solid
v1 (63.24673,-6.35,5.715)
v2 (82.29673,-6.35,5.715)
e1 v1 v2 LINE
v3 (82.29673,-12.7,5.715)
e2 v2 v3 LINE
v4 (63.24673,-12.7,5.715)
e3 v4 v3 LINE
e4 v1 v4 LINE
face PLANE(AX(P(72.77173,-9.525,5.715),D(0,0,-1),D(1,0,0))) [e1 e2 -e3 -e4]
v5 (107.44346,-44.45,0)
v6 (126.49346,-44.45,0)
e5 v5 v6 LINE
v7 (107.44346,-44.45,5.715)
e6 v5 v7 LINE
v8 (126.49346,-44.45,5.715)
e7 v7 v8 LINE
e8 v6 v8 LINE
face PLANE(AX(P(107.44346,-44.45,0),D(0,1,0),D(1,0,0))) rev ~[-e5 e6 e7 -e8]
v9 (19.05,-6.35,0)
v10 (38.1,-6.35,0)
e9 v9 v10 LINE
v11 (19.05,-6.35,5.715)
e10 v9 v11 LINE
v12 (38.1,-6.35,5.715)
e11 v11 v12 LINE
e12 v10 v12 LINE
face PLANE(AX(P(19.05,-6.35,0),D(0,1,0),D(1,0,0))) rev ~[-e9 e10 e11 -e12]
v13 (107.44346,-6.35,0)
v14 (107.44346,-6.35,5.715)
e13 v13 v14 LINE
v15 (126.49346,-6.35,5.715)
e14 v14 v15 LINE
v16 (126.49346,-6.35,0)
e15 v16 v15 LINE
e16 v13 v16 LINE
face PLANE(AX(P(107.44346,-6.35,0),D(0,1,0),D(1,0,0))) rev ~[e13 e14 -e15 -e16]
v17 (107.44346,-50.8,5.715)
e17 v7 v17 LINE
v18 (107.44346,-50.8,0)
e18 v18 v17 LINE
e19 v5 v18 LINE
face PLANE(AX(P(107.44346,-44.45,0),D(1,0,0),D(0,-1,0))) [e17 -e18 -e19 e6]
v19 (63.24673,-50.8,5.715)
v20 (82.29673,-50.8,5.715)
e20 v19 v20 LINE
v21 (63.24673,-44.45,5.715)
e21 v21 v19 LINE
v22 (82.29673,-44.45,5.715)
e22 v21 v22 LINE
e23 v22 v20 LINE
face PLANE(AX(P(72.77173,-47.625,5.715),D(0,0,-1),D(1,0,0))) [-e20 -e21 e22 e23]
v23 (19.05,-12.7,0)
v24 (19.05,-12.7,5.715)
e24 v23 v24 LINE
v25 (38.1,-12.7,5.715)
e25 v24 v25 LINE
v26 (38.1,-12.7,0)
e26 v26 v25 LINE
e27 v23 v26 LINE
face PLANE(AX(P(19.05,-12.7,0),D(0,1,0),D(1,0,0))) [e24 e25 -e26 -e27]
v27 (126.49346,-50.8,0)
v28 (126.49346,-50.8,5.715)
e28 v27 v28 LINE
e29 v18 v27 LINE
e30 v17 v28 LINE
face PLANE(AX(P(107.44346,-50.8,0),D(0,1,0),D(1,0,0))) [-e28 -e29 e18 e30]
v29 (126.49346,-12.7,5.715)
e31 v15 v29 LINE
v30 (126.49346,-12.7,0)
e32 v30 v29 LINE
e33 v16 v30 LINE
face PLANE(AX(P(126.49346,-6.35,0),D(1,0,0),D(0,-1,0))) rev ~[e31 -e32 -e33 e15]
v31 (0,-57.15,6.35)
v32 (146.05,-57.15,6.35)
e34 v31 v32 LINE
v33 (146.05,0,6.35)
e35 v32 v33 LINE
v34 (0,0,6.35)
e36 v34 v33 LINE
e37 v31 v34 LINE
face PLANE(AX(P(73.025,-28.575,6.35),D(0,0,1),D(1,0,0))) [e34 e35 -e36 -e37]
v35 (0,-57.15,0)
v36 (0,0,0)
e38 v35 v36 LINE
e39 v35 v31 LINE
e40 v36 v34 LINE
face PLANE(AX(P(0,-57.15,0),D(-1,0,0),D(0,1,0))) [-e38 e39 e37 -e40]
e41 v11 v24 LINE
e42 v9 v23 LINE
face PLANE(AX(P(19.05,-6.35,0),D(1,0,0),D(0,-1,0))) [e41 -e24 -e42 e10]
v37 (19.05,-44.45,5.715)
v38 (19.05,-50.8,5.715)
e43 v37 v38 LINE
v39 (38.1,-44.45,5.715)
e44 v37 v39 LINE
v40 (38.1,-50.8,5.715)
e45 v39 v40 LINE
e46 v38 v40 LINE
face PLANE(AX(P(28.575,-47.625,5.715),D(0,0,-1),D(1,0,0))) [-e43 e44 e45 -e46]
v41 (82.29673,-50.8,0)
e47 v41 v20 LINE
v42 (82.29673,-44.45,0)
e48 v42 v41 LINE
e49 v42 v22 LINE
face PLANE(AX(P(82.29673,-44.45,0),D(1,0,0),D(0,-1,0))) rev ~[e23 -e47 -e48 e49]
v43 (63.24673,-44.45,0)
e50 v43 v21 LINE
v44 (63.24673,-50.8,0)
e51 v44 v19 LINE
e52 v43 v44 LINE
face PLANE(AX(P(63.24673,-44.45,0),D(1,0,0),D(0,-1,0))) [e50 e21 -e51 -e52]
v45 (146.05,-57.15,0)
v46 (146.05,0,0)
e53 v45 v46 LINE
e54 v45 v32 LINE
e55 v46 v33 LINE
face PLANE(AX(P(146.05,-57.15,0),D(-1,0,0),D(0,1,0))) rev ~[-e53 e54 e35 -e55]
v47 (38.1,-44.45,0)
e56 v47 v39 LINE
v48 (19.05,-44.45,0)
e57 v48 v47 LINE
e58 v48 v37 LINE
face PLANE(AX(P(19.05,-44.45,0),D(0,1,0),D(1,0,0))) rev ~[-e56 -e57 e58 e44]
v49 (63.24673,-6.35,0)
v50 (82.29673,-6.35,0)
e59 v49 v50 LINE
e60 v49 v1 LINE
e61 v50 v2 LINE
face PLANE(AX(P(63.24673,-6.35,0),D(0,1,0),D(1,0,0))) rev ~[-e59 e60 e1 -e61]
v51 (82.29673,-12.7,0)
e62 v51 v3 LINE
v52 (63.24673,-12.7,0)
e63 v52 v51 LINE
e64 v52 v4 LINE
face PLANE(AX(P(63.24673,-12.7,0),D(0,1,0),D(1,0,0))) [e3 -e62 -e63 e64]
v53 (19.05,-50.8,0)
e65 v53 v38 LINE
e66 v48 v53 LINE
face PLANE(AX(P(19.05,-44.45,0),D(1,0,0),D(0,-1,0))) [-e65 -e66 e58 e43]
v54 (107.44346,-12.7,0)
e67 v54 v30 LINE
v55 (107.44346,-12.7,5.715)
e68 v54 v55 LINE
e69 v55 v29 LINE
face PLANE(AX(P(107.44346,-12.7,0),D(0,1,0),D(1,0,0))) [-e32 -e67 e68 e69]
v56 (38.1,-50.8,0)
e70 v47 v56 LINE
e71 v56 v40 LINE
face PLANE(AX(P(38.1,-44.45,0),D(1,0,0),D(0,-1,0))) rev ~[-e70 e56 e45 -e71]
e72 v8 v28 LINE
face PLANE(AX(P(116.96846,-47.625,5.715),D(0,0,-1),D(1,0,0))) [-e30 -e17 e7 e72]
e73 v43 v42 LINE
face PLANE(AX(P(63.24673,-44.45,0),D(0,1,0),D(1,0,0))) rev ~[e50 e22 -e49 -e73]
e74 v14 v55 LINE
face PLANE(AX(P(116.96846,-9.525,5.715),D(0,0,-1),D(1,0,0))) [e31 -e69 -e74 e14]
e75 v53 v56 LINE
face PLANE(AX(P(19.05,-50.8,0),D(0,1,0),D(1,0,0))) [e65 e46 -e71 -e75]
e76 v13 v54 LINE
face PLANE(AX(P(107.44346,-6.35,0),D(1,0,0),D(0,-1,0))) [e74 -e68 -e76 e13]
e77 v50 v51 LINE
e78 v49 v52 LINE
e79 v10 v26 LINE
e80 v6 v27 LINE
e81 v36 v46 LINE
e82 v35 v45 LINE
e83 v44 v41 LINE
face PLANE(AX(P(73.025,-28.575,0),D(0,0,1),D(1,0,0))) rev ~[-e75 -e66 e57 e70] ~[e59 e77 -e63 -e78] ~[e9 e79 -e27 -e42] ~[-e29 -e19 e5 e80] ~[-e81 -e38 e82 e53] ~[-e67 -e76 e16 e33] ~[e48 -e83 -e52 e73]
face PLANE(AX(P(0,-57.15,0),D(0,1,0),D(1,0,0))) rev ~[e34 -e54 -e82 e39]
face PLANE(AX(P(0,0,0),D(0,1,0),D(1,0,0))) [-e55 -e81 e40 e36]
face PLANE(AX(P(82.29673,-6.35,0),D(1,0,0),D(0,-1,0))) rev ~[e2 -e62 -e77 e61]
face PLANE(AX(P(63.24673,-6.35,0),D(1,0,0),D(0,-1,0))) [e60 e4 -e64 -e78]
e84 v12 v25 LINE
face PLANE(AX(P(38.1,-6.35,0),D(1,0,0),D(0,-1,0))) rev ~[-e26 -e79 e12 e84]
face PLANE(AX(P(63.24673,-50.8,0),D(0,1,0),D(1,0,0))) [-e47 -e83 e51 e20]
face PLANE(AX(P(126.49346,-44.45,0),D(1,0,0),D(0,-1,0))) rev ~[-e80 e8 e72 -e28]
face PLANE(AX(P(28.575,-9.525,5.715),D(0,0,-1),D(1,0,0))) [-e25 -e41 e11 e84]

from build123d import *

# Parameters (mm, degrees)
F0_W     = 146.05
F0_H     = 57.15
F1_DEPTH = 6.35
F2_W     = 19.05
F2_H     = 6.35
F3_DEPTH = 5.715


with BuildPart() as f1:
    # F0 (on Top) → F1 (new body)
    with BuildSketch(Plane.XY):
        with Locations((73.025, -28.575)):
            Rectangle(F0_W, F0_H)
    extrude(amount=F1_DEPTH)

    # F2 (on face) → F3 (cut)
    with BuildSketch(Plane(origin=(0, 0, 0), x_dir=(1, 0, 0), z_dir=(0, 0, -1))):
        with Locations((28.575, 47.625)):
            Rectangle(F2_W, F2_H)
        with Locations((72.77173, 47.625)):
            Rectangle(F2_W, F2_H)
        with Locations((116.96846, 47.625)):
            Rectangle(F2_W, F2_H)
        with Locations((28.575, 9.525)):
            Rectangle(F2_W, F2_H)
        with Locations((72.77173, 9.525)):
            Rectangle(F2_W, F2_H)
        with Locations((116.96846, 9.525)):
            Rectangle(F2_W, F2_H)
    extrude(amount=-F3_DEPTH, mode=Mode.SUBTRACT)


solid = f1.part
